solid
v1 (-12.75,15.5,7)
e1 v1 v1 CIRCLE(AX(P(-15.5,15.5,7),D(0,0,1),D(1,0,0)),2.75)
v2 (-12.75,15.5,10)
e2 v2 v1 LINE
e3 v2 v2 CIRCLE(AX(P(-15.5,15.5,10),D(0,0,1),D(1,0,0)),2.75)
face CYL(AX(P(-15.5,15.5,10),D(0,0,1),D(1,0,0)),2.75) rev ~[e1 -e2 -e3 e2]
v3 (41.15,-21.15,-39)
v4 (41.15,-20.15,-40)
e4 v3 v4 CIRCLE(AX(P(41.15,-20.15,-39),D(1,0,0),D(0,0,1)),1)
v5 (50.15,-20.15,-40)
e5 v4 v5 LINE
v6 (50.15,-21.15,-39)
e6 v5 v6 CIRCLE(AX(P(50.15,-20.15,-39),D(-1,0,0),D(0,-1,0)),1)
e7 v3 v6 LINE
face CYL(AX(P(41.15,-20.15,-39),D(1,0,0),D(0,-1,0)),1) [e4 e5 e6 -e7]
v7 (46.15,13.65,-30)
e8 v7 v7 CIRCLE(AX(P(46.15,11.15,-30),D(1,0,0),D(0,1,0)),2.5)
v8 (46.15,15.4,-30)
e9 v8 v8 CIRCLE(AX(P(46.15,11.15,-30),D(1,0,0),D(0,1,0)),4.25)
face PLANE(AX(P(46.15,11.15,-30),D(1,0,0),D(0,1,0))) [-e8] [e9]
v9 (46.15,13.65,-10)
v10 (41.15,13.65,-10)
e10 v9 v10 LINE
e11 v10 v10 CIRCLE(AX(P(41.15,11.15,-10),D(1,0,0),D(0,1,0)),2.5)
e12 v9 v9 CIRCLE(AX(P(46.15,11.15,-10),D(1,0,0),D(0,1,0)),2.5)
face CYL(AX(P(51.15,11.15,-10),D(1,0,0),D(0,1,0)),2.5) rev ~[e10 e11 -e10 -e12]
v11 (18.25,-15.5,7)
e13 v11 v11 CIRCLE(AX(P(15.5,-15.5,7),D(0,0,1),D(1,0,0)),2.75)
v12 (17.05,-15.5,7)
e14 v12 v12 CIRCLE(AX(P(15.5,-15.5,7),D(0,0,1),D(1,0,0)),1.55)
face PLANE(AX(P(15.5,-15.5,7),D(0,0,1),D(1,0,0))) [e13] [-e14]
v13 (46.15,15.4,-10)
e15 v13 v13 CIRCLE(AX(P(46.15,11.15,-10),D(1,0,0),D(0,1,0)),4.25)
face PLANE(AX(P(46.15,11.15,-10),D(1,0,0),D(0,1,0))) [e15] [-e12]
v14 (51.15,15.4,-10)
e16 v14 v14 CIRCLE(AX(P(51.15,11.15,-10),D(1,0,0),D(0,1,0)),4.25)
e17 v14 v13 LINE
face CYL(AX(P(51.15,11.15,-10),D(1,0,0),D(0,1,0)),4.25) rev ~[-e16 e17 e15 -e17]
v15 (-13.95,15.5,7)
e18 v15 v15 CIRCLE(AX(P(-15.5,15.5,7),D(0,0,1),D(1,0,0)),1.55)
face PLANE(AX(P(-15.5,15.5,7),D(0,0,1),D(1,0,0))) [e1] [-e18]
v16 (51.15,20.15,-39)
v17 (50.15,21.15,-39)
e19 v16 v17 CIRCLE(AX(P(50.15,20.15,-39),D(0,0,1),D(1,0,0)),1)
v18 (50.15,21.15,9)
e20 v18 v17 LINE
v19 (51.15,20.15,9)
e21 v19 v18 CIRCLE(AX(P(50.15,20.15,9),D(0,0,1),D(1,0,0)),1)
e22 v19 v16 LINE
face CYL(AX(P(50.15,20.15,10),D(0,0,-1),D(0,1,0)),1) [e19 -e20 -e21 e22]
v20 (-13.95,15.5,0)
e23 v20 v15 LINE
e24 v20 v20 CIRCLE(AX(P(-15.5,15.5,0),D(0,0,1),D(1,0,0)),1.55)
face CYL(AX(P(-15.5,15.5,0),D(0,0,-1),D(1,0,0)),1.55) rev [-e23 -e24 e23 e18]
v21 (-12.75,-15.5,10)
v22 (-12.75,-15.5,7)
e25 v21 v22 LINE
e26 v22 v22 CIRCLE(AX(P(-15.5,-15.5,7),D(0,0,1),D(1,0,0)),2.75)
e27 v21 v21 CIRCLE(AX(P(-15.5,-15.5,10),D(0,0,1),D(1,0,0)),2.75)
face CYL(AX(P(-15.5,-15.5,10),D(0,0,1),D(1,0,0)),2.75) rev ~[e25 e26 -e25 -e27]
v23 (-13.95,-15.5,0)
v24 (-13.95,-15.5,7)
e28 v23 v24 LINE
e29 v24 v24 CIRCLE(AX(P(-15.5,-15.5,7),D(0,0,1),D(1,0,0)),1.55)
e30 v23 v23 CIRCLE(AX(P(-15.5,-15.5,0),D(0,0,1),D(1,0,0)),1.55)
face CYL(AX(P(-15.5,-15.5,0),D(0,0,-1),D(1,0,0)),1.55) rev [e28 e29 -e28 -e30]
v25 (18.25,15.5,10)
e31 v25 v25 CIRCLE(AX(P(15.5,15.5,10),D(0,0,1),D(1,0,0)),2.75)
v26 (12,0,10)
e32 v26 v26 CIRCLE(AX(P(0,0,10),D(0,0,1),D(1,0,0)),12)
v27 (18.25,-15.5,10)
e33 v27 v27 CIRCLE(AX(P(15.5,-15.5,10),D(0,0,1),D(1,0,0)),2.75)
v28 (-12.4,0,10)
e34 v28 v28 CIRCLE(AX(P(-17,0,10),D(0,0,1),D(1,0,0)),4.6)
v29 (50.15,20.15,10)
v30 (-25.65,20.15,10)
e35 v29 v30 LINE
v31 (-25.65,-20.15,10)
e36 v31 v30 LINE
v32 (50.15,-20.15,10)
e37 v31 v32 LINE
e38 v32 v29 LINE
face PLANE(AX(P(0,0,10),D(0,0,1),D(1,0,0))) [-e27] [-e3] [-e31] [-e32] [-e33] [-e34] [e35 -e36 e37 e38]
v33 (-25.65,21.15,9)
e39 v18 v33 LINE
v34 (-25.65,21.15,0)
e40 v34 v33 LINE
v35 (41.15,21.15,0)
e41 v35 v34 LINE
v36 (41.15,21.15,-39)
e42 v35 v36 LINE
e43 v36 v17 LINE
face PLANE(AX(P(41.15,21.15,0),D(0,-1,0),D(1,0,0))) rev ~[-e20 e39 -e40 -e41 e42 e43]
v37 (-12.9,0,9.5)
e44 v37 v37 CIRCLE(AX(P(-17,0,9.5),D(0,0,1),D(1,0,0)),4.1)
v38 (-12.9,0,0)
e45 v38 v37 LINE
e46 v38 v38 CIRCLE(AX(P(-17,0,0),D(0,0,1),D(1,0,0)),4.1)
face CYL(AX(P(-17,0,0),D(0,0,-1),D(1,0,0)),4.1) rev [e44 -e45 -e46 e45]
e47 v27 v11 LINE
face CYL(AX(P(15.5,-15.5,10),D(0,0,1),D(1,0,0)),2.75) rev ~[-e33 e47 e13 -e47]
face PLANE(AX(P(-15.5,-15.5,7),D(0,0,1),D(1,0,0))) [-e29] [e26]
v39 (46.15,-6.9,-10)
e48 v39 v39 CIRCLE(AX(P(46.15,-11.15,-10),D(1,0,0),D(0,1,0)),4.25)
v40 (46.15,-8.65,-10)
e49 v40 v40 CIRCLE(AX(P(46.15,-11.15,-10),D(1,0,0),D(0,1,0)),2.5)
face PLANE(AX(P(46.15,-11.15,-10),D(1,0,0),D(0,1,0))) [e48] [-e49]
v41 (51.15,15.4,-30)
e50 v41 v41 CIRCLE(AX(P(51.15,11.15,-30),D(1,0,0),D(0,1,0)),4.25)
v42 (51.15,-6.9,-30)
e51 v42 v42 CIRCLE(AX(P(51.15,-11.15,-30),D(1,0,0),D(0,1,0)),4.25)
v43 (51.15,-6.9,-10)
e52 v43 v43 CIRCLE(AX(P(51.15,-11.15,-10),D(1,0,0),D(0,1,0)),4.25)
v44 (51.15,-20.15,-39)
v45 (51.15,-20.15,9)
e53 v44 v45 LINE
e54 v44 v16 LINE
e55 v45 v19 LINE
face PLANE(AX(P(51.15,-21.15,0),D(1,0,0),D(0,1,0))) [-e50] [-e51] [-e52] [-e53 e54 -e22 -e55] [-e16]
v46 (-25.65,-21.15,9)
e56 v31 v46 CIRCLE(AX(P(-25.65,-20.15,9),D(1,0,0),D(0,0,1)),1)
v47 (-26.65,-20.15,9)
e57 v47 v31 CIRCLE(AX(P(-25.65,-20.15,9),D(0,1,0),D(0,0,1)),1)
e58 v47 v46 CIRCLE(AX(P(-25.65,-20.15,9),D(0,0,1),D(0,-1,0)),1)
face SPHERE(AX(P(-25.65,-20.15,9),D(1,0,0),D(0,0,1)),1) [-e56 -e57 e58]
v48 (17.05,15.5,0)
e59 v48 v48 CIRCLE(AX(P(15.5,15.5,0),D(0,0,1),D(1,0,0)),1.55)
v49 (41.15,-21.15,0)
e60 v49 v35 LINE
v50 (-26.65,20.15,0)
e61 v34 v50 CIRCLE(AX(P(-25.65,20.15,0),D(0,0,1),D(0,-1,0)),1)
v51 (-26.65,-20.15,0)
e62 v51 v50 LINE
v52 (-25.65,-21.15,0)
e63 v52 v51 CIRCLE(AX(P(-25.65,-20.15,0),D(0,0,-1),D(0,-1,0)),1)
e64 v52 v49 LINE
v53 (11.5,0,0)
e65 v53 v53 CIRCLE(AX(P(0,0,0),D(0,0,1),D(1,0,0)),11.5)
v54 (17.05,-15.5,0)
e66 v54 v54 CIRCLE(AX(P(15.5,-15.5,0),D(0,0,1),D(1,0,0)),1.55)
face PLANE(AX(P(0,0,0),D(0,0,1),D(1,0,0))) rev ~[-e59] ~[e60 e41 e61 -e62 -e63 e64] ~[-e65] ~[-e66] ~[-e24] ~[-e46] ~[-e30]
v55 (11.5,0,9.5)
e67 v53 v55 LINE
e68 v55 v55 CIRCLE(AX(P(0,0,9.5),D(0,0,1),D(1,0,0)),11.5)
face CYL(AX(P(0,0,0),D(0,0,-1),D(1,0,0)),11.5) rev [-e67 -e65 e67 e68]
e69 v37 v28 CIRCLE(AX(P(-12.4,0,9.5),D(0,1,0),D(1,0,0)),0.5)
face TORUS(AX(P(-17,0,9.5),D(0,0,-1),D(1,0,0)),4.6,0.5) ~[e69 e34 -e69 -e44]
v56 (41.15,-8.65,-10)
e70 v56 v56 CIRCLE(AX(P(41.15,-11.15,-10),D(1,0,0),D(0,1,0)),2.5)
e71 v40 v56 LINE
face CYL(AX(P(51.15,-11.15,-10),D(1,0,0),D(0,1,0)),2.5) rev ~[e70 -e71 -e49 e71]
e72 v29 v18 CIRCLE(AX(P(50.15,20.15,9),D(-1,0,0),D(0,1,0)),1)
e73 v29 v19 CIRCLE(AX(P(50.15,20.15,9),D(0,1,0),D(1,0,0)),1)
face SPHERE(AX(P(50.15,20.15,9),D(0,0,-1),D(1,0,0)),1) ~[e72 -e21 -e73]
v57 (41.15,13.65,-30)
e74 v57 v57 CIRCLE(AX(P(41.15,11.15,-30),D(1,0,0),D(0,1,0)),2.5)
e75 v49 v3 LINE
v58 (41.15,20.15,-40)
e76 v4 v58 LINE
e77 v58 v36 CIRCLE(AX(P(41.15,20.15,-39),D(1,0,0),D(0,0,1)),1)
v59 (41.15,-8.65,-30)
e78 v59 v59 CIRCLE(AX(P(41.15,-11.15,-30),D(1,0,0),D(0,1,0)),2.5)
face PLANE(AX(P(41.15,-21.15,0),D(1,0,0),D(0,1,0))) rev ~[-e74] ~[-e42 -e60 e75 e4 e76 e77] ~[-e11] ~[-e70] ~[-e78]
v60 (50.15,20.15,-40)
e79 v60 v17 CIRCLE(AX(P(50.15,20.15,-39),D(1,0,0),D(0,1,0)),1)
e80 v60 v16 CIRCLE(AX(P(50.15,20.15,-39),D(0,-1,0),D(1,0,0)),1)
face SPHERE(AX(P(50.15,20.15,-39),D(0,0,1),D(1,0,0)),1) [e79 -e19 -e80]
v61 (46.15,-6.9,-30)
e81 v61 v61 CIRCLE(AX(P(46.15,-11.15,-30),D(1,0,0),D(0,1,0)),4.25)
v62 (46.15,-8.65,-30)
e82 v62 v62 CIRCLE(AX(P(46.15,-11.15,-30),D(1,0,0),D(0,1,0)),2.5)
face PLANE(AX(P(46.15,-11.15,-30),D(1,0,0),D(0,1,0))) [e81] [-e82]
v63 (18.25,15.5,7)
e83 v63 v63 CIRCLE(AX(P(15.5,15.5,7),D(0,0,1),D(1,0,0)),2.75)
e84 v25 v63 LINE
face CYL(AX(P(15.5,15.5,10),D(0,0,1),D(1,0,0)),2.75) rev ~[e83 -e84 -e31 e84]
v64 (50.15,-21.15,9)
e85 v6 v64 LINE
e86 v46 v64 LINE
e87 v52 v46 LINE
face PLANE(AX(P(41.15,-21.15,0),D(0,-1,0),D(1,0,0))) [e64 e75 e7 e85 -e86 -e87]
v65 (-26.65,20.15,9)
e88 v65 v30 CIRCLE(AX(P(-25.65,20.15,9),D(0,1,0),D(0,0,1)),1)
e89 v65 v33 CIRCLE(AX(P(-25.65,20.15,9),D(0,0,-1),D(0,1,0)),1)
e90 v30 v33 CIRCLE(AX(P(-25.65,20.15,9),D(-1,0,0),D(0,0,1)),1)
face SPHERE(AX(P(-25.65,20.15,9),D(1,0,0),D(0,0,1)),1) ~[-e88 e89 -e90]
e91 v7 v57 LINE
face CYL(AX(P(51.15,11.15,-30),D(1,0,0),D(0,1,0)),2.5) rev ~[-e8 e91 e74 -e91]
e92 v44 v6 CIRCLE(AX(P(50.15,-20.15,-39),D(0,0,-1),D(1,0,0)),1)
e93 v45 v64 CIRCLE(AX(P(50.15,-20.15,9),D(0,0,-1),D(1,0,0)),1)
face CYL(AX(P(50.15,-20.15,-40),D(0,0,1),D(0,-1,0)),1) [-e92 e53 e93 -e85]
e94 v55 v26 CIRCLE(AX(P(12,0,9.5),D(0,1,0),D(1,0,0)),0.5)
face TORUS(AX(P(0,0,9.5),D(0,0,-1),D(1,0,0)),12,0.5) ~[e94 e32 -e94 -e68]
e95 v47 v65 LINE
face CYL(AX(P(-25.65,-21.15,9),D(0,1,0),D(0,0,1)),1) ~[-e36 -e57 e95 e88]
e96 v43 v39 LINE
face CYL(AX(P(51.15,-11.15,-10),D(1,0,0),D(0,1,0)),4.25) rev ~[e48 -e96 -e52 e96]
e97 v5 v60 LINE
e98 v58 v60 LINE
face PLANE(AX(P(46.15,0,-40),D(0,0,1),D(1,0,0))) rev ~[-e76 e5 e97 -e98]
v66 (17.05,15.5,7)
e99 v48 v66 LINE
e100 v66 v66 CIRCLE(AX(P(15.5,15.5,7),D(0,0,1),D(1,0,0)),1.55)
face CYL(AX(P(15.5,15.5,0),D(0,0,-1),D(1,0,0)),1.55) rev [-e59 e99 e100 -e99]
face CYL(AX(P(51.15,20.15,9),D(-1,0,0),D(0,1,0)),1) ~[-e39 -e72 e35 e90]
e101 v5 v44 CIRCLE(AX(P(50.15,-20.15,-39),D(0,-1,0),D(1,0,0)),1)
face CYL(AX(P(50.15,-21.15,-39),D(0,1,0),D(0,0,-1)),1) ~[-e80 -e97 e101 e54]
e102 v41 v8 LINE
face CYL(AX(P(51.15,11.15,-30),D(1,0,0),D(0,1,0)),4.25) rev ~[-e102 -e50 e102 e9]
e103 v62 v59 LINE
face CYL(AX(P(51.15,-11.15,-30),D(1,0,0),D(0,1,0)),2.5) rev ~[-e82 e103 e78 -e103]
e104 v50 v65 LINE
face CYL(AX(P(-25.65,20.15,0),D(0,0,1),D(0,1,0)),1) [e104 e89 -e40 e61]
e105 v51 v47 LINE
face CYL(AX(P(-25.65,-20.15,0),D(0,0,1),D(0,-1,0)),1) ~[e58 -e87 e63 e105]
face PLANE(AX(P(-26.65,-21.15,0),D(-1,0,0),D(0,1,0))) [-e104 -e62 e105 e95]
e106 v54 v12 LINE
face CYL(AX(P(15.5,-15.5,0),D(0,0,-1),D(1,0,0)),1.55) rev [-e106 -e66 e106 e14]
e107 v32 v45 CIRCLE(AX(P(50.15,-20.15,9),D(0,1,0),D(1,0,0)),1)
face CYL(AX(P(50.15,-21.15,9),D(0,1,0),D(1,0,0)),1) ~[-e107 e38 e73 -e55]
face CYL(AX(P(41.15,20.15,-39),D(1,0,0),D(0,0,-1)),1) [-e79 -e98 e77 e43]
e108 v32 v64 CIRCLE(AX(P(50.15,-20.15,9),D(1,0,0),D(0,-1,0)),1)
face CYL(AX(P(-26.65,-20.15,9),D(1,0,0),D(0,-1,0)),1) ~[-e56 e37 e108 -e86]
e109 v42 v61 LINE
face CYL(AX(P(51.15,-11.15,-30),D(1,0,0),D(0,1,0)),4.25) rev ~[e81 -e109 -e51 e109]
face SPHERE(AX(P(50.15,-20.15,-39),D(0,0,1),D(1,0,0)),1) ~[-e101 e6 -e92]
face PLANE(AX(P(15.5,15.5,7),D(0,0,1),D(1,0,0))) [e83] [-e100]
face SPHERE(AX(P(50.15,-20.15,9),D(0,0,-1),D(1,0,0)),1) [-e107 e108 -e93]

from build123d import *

# Parameters (mm, degrees)
F0_W     = 42.3
F0_H     = 42.3
F0_R     = 2.75
F0_R_2   = 4.1
F0_R_3   = 11.5
F0_W_2   = 20
F0_W_3   = 5.5
F0_W_4   = 10
F0_R_4   = 1.55
F1_DEPTH = 10
F2_DEPTH = 40
F3_R     = 2.5
F4_DEPTH = 77.801
F3_R_2   = 4.25
F5_DEPTH = 5
F7_R     = 1
F8_R     = 0.5
F6_R     = 2.75
F6_R_2   = 1.55
F9_DEPTH = 3


with BuildPart() as f1:
    # F0 (on Top) → F1 (new body)
    with BuildSketch(Plane.XY):
        Rectangle(F0_W, F0_H)
        with Locations((-15.5, -15.5)):
            Circle(F0_R, mode=Mode.SUBTRACT)
        with Locations((15.5, -15.5)):
            Circle(F0_R, mode=Mode.SUBTRACT)
        with Locations((-17, 0)):
            Circle(F0_R_2, mode=Mode.SUBTRACT)
        Circle(F0_R_3, mode=Mode.SUBTRACT)
        with Locations((-15.5, 15.5)):
            Circle(F0_R, mode=Mode.SUBTRACT)
        with Locations((15.5, 15.5)):
            Circle(F0_R, mode=Mode.SUBTRACT)
        with Locations((31.15, 0)):
            Rectangle(F0_W_2, F0_H)
        with Locations((-23.9, 0)):
            Rectangle(F0_W_3, F0_H)
        with Locations((46.15, 0)):
            Rectangle(F0_W_4, F0_H)
        with Locations((-15.5, 15.5)):
            Circle(F0_R)
        with Locations((-15.5, 15.5)):
            Circle(F0_R_4, mode=Mode.SUBTRACT)
        with Locations((15.5, -15.5)):
            Circle(F0_R)
        with Locations((15.5, -15.5)):
            Circle(F0_R_4, mode=Mode.SUBTRACT)
        with Locations((-15.5, -15.5)):
            Circle(F0_R)
        with Locations((-15.5, -15.5)):
            Circle(F0_R_4, mode=Mode.SUBTRACT)
        with Locations((15.5, 15.5)):
            Circle(F0_R)
        with Locations((15.5, 15.5)):
            Circle(F0_R_4, mode=Mode.SUBTRACT)
    extrude(amount=F1_DEPTH)

    # F0 (on Top) → F2 (join)
    with BuildSketch(Plane.XY):
        with Locations((46.15, 0)):
            Rectangle(F0_W_4, F0_H)
    extrude(amount=-F2_DEPTH)

    # F3 (on face) → F4 (cut, through all)
    with BuildSketch(Plane.YZ.offset(51.15)):
        with Locations((-11.15, -10)):
            Circle(F3_R)
        with Locations((11.15, -10)):
            Circle(F3_R)
        with Locations((11.15, -30)):
            Circle(F3_R)
        with Locations((-11.15, -30)):
            Circle(F3_R)
    extrude(amount=-F4_DEPTH, mode=Mode.SUBTRACT)

    # F3 (on face) → F5 (cut)
    with BuildSketch(Plane.YZ.offset(51.15)):
        with Locations((-11.15, -10)):
            Circle(F3_R_2)
        with Locations((-11.15, -10)):
            Circle(F3_R, mode=Mode.SUBTRACT)
        with Locations((11.15, -10)):
            Circle(F3_R_2)
        with Locations((11.15, -10)):
            Circle(F3_R, mode=Mode.SUBTRACT)
        with Locations((11.15, -30)):
            Circle(F3_R_2)
        with Locations((11.15, -30)):
            Circle(F3_R, mode=Mode.SUBTRACT)
        with Locations((-11.15, -30)):
            Circle(F3_R_2)
        with Locations((-11.15, -30)):
            Circle(F3_R, mode=Mode.SUBTRACT)
    extrude(amount=-F5_DEPTH, mode=Mode.SUBTRACT)

    # F7
    f7_edges = [f1.edges().sort_by_distance(p)[0] for p in [
        (51.15, -21.15, -15),
        (51.15, 21.15, -15),
        (51.15, 0, -40),
        (51.15, 0, 10),
        (12.25, 21.15, 10),
        (12.25, -21.15, 10),
        (-26.65, 0, 10),
        (-26.65, 21.15, 5),
        (-26.65, -21.15, 5),
        (46.15, 21.15, -40),
        (46.15, -21.15, -40),
    ]]
    fillet(f7_edges, radius=F7_R)

    # F8
    f8_edges = [f1.edges().sort_by_distance(p)[0] for p in [
        (-21.1, 0, 10),
        (-11.5, 0, 10),
    ]]
    fillet(f8_edges, radius=F8_R)

    # F6 (on face) → F9 (cut)
    with BuildSketch(Plane.XY.offset(10)):
        with Locations((15.5, 15.5)):
            Circle(F6_R)
        with Locations((15.5, 15.5)):
            Circle(F6_R_2, mode=Mode.SUBTRACT)
        with Locations((15.5, -15.5)):
            Circle(F6_R)
        with Locations((15.5, -15.5)):
            Circle(F6_R_2, mode=Mode.SUBTRACT)
        with Locations((-15.5, -15.5)):
            Circle(F6_R)
        with Locations((-15.5, -15.5)):
            Circle(F6_R_2, mode=Mode.SUBTRACT)
        with Locations((-15.5, 15.5)):
            Circle(F6_R)
        with Locations((-15.5, 15.5)):
            Circle(F6_R_2, mode=Mode.SUBTRACT)
    extrude(amount=-F9_DEPTH, mode=Mode.SUBTRACT)


solid = f1.part
